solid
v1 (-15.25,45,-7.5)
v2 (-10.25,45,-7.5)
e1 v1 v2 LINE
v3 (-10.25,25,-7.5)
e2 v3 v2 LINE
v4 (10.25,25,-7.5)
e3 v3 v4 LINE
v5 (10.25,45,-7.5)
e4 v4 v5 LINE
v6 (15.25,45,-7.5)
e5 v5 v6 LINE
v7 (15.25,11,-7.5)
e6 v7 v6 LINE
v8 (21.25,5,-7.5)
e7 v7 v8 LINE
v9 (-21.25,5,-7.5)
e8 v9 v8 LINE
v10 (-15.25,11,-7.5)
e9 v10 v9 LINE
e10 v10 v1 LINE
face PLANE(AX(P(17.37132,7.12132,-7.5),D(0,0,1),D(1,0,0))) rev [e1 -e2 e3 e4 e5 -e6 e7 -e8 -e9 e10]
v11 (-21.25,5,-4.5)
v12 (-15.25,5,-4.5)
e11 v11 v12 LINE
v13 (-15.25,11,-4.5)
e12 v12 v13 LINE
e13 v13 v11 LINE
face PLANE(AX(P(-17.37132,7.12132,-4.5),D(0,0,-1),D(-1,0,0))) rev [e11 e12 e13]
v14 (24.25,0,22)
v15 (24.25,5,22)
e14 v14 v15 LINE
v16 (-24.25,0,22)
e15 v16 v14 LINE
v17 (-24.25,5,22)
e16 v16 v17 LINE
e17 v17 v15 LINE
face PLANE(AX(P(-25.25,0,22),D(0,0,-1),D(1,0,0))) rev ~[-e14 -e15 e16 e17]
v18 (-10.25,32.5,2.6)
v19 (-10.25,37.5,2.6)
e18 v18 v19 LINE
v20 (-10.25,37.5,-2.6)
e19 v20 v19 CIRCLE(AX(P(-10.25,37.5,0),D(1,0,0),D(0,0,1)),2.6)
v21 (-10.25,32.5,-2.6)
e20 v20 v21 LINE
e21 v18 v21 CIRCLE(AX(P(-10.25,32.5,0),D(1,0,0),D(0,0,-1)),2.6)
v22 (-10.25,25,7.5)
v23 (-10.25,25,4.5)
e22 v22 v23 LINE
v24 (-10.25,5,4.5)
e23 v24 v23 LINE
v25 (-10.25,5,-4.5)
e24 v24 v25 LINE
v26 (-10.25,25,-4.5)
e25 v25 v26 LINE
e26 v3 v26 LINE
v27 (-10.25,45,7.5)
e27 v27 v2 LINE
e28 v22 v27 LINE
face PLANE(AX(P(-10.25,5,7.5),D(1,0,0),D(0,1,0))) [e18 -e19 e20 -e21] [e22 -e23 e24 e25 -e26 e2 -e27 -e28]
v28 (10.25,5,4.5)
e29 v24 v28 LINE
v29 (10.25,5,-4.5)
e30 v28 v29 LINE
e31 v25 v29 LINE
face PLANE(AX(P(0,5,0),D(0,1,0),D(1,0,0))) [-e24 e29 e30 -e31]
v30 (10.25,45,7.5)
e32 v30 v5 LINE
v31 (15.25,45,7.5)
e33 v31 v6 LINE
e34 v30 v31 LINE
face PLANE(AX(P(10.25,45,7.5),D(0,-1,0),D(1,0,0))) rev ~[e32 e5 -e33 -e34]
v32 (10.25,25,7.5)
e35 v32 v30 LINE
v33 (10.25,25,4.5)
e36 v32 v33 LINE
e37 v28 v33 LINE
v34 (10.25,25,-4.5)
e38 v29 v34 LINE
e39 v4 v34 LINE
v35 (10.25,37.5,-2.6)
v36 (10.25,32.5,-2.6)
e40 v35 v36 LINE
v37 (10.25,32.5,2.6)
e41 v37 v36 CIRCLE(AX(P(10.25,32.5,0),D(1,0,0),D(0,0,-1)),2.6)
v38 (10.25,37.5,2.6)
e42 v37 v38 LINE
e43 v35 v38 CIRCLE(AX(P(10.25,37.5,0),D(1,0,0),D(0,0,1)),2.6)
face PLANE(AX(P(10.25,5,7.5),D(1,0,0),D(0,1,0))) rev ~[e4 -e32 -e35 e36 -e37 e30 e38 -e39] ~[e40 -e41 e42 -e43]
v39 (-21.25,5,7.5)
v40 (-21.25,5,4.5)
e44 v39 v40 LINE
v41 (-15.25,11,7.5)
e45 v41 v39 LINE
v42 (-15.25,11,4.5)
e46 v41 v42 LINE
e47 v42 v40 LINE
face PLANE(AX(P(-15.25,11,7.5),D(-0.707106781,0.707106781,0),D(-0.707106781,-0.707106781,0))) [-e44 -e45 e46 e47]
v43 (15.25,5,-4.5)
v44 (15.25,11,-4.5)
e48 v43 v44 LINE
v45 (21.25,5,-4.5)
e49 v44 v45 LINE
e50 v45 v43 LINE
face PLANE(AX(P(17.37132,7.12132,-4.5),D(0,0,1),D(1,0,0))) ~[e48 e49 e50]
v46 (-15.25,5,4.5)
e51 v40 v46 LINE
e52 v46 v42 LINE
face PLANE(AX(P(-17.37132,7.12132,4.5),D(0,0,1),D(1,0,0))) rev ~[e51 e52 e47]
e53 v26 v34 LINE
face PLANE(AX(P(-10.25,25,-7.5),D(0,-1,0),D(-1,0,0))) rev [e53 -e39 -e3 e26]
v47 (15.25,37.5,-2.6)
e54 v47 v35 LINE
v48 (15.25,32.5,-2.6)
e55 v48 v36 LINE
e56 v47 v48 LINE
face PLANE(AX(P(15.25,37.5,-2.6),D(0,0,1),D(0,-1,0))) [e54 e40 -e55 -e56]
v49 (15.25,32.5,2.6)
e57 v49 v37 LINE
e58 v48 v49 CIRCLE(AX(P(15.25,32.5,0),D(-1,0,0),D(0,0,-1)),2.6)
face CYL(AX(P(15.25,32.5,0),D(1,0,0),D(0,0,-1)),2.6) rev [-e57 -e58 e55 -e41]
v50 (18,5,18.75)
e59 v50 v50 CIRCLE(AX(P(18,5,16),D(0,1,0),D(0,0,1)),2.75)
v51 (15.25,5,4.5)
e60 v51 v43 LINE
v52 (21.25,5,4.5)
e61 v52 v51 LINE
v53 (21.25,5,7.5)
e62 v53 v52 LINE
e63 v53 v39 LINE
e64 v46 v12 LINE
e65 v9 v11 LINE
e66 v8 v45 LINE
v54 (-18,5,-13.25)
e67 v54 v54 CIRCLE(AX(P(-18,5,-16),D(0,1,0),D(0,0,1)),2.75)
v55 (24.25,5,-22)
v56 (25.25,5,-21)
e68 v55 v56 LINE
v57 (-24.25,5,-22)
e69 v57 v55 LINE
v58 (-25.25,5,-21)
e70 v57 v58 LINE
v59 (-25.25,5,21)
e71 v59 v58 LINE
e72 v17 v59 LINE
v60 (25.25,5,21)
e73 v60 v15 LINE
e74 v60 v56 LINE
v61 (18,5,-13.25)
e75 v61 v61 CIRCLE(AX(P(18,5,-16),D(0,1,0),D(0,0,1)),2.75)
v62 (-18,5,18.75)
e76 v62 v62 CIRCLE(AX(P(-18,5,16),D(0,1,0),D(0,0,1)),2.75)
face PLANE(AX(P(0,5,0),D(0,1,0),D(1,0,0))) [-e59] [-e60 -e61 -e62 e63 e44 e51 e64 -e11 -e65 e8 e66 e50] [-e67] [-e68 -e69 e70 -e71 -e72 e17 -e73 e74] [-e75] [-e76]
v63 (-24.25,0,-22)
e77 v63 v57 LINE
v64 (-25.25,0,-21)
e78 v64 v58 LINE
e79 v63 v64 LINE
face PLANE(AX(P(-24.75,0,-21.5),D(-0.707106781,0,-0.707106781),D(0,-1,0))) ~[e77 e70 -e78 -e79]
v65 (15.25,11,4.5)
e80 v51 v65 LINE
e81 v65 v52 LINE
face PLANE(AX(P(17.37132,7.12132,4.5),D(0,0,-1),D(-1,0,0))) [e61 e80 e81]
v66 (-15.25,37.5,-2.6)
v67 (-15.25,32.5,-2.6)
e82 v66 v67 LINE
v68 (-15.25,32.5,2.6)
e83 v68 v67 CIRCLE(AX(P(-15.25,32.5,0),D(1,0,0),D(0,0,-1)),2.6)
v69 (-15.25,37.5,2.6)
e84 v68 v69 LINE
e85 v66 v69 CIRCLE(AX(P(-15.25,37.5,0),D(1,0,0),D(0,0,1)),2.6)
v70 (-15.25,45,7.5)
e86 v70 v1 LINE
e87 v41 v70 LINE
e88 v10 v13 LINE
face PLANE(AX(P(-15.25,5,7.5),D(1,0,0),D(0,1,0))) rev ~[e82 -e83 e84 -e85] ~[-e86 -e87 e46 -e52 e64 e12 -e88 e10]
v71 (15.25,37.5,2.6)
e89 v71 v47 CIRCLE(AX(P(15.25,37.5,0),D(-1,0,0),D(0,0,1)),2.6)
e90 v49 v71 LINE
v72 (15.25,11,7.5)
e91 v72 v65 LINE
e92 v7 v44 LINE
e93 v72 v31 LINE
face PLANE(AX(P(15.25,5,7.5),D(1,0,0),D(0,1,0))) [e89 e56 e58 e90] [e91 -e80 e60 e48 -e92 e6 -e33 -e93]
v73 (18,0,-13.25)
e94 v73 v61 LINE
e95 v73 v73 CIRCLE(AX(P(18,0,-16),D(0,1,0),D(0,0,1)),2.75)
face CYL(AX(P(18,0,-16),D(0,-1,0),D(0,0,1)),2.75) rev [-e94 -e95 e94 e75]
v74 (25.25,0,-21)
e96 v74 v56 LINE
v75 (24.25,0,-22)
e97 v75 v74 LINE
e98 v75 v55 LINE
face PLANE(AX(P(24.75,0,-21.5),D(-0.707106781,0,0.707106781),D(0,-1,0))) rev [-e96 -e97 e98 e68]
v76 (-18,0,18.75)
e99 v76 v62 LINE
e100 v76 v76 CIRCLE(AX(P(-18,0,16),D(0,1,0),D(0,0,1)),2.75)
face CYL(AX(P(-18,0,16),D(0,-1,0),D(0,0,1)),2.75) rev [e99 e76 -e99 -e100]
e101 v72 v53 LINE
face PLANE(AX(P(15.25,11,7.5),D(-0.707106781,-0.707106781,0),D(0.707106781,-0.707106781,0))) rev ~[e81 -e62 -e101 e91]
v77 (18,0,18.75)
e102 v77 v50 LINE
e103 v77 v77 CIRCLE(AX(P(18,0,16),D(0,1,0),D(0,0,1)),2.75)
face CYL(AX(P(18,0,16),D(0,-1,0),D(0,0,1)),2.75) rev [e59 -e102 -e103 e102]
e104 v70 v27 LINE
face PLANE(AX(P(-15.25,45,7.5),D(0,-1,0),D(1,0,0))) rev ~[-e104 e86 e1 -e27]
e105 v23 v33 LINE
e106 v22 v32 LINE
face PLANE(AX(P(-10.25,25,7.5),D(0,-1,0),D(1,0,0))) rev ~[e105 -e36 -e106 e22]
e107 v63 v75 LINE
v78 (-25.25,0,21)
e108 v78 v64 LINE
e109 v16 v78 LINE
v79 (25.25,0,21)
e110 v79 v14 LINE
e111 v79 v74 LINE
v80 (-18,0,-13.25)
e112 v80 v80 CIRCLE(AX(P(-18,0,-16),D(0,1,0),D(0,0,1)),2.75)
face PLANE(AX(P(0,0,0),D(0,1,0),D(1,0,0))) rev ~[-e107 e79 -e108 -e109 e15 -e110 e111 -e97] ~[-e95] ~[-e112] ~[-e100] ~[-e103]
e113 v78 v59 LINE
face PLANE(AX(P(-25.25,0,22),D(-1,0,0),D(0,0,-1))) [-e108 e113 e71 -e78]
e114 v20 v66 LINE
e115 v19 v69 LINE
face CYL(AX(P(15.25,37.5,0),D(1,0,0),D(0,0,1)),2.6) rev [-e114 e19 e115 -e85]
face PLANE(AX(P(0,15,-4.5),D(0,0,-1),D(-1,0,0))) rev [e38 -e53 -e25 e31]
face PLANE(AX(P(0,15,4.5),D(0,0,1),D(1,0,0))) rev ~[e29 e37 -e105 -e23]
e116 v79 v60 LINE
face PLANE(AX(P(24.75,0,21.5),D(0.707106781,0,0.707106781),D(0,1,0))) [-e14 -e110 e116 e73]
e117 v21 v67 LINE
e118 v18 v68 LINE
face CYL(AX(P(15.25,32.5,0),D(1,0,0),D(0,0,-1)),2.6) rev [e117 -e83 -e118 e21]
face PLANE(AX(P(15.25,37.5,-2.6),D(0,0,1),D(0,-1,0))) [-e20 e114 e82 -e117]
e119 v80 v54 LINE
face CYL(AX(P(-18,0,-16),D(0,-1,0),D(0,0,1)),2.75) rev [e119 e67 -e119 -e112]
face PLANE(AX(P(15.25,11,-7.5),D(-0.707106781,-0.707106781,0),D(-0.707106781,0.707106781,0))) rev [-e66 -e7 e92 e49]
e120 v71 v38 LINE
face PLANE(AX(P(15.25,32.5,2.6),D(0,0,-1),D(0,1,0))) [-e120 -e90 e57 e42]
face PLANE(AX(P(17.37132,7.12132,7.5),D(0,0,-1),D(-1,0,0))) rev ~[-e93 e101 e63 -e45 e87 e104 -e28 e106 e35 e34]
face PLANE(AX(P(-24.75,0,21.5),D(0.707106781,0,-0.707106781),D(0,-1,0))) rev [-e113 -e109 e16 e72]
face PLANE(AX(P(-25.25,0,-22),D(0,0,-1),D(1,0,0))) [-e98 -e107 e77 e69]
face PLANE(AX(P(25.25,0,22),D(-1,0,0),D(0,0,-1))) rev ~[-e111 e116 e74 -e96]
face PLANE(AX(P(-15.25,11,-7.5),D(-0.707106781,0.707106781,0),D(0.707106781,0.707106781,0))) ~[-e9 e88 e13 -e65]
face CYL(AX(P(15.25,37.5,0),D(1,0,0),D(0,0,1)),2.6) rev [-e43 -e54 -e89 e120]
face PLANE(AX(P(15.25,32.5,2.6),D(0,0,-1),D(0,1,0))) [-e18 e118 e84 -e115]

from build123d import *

# Parameters (mm, degrees)
SKETCH1_W           = 50.5
SKETCH1_H           = 44
SKETCH1_R           = 2.75
BOSS_EXTRUDE1_DEPTH = 5
BOSS_EXTRUDE2_START = -14.5
SKETCH3_W           = 5
SKETCH3_H           = 40
BOSS_EXTRUDE2_DEPTH = 15
CUT_EXTRUDE1_REACH  = 66.415
SKETCH5_W           = 20.5
SKETCH5_H           = 20
BOSS_EXTRUDE3_DEPTH = 3
CHAMFER2_SIZE       = 1


with BuildPart() as part:
    # Sketch1 → Boss-Extrude1 (new body)
    with BuildSketch(Plane(origin=(0, 0, 0), x_dir=(1, 0, 0), z_dir=(0, 1, 0))):
        Rectangle(SKETCH1_W, SKETCH1_H)
        with Locations(Location((-18, 16, 0), (0, 0, 270))):
            Circle(SKETCH1_R, mode=Mode.SUBTRACT)
        with Locations(Location((18, 16, 0), (0, 0, 270))):
            Circle(SKETCH1_R, mode=Mode.SUBTRACT)
        with Locations(Location((18, -16, 0), (0, 0, 270))):
            Circle(SKETCH1_R, mode=Mode.SUBTRACT)
        with Locations(Location((-18, -16, 0), (0, 0, 270))):
            Circle(SKETCH1_R, mode=Mode.SUBTRACT)
    extrude(amount=BOSS_EXTRUDE1_DEPTH)

    # Sketch3 → Boss-Extrude2 (add)
    with BuildSketch(Plane.XY.offset(22).offset(BOSS_EXTRUDE2_START)):
        with Locations((-12.75, 25)):
            Rectangle(SKETCH3_W, SKETCH3_H)
        with Locations((12.75, 25)):
            Rectangle(SKETCH3_W, SKETCH3_H)
    extrude(amount=-BOSS_EXTRUDE2_DEPTH)

    # Cut-Extrude1: up to this face of the body (flat: up to its plane)
    cut_extrude1_end = Plane(part.part.faces().sort_by_distance((-15.25, 25, 0))[0])
    # Sketch4 → Cut-Extrude1 (cut, up to the picked face)
    with BuildSketch(Plane(origin=(15.25, 0, 0), x_dir=(0, 0, -1), z_dir=(1, 0, 0)), mode=Mode.PRIVATE) as cut_extrude1_sk1:
        with BuildLine():
            Line((2.6, 37.5), (2.6, 32.5))
            ThreePointArc((2.6, 32.5), (0, 29.9), (-2.6, 32.5))
            Line((-2.6, 32.5), (-2.6, 37.5))
            ThreePointArc((-2.6, 37.5), (0, 40.1), (2.6, 37.5))
        make_face()
    cut_extrude1_tool1 = split(extrude(cut_extrude1_sk1.sketch, amount=-CUT_EXTRUDE1_REACH, mode=Mode.PRIVATE), bisect_by=cut_extrude1_end, keep=Keep.BOTH, mode=Mode.PRIVATE)
    add(cut_extrude1_tool1.solids().sort_by(Axis((15.25, 35, 0), (-1, 0, 0)))[0], mode=Mode.SUBTRACT)

    # Sketch5 → Boss-Extrude3 (add)
    with BuildSketch(Plane.XY.offset(7.5)):
        Polygon((15.25, 11), (21.25, 5), (15.25, 5), align=None)
        Polygon((-21.25, 5), (-15.25, 5), (-15.25, 11), align=None)
        with Locations((0, 15)):
            Rectangle(SKETCH5_W, SKETCH5_H)
    boss_extrude3 = extrude(amount=-BOSS_EXTRUDE3_DEPTH)

    # Mirror1: Boss-Extrude3 across plane
    add(boss_extrude3.mirror(Plane(origin=(0, 0, 0), x_dir=(1, 0, 0), z_dir=(0, 0, -1))))

    # Chamfer2
    chamfer2_edges = [part.edges().sort_by_distance(p)[0] for p in [
        (25.25, 2.5, 22),
        (-25.25, 2.5, 22),
        (-25.25, 2.5, -22),
        (25.25, 2.5, -22),
    ]]
    chamfer(chamfer2_edges, length=CHAMFER2_SIZE)


solid = part.part
